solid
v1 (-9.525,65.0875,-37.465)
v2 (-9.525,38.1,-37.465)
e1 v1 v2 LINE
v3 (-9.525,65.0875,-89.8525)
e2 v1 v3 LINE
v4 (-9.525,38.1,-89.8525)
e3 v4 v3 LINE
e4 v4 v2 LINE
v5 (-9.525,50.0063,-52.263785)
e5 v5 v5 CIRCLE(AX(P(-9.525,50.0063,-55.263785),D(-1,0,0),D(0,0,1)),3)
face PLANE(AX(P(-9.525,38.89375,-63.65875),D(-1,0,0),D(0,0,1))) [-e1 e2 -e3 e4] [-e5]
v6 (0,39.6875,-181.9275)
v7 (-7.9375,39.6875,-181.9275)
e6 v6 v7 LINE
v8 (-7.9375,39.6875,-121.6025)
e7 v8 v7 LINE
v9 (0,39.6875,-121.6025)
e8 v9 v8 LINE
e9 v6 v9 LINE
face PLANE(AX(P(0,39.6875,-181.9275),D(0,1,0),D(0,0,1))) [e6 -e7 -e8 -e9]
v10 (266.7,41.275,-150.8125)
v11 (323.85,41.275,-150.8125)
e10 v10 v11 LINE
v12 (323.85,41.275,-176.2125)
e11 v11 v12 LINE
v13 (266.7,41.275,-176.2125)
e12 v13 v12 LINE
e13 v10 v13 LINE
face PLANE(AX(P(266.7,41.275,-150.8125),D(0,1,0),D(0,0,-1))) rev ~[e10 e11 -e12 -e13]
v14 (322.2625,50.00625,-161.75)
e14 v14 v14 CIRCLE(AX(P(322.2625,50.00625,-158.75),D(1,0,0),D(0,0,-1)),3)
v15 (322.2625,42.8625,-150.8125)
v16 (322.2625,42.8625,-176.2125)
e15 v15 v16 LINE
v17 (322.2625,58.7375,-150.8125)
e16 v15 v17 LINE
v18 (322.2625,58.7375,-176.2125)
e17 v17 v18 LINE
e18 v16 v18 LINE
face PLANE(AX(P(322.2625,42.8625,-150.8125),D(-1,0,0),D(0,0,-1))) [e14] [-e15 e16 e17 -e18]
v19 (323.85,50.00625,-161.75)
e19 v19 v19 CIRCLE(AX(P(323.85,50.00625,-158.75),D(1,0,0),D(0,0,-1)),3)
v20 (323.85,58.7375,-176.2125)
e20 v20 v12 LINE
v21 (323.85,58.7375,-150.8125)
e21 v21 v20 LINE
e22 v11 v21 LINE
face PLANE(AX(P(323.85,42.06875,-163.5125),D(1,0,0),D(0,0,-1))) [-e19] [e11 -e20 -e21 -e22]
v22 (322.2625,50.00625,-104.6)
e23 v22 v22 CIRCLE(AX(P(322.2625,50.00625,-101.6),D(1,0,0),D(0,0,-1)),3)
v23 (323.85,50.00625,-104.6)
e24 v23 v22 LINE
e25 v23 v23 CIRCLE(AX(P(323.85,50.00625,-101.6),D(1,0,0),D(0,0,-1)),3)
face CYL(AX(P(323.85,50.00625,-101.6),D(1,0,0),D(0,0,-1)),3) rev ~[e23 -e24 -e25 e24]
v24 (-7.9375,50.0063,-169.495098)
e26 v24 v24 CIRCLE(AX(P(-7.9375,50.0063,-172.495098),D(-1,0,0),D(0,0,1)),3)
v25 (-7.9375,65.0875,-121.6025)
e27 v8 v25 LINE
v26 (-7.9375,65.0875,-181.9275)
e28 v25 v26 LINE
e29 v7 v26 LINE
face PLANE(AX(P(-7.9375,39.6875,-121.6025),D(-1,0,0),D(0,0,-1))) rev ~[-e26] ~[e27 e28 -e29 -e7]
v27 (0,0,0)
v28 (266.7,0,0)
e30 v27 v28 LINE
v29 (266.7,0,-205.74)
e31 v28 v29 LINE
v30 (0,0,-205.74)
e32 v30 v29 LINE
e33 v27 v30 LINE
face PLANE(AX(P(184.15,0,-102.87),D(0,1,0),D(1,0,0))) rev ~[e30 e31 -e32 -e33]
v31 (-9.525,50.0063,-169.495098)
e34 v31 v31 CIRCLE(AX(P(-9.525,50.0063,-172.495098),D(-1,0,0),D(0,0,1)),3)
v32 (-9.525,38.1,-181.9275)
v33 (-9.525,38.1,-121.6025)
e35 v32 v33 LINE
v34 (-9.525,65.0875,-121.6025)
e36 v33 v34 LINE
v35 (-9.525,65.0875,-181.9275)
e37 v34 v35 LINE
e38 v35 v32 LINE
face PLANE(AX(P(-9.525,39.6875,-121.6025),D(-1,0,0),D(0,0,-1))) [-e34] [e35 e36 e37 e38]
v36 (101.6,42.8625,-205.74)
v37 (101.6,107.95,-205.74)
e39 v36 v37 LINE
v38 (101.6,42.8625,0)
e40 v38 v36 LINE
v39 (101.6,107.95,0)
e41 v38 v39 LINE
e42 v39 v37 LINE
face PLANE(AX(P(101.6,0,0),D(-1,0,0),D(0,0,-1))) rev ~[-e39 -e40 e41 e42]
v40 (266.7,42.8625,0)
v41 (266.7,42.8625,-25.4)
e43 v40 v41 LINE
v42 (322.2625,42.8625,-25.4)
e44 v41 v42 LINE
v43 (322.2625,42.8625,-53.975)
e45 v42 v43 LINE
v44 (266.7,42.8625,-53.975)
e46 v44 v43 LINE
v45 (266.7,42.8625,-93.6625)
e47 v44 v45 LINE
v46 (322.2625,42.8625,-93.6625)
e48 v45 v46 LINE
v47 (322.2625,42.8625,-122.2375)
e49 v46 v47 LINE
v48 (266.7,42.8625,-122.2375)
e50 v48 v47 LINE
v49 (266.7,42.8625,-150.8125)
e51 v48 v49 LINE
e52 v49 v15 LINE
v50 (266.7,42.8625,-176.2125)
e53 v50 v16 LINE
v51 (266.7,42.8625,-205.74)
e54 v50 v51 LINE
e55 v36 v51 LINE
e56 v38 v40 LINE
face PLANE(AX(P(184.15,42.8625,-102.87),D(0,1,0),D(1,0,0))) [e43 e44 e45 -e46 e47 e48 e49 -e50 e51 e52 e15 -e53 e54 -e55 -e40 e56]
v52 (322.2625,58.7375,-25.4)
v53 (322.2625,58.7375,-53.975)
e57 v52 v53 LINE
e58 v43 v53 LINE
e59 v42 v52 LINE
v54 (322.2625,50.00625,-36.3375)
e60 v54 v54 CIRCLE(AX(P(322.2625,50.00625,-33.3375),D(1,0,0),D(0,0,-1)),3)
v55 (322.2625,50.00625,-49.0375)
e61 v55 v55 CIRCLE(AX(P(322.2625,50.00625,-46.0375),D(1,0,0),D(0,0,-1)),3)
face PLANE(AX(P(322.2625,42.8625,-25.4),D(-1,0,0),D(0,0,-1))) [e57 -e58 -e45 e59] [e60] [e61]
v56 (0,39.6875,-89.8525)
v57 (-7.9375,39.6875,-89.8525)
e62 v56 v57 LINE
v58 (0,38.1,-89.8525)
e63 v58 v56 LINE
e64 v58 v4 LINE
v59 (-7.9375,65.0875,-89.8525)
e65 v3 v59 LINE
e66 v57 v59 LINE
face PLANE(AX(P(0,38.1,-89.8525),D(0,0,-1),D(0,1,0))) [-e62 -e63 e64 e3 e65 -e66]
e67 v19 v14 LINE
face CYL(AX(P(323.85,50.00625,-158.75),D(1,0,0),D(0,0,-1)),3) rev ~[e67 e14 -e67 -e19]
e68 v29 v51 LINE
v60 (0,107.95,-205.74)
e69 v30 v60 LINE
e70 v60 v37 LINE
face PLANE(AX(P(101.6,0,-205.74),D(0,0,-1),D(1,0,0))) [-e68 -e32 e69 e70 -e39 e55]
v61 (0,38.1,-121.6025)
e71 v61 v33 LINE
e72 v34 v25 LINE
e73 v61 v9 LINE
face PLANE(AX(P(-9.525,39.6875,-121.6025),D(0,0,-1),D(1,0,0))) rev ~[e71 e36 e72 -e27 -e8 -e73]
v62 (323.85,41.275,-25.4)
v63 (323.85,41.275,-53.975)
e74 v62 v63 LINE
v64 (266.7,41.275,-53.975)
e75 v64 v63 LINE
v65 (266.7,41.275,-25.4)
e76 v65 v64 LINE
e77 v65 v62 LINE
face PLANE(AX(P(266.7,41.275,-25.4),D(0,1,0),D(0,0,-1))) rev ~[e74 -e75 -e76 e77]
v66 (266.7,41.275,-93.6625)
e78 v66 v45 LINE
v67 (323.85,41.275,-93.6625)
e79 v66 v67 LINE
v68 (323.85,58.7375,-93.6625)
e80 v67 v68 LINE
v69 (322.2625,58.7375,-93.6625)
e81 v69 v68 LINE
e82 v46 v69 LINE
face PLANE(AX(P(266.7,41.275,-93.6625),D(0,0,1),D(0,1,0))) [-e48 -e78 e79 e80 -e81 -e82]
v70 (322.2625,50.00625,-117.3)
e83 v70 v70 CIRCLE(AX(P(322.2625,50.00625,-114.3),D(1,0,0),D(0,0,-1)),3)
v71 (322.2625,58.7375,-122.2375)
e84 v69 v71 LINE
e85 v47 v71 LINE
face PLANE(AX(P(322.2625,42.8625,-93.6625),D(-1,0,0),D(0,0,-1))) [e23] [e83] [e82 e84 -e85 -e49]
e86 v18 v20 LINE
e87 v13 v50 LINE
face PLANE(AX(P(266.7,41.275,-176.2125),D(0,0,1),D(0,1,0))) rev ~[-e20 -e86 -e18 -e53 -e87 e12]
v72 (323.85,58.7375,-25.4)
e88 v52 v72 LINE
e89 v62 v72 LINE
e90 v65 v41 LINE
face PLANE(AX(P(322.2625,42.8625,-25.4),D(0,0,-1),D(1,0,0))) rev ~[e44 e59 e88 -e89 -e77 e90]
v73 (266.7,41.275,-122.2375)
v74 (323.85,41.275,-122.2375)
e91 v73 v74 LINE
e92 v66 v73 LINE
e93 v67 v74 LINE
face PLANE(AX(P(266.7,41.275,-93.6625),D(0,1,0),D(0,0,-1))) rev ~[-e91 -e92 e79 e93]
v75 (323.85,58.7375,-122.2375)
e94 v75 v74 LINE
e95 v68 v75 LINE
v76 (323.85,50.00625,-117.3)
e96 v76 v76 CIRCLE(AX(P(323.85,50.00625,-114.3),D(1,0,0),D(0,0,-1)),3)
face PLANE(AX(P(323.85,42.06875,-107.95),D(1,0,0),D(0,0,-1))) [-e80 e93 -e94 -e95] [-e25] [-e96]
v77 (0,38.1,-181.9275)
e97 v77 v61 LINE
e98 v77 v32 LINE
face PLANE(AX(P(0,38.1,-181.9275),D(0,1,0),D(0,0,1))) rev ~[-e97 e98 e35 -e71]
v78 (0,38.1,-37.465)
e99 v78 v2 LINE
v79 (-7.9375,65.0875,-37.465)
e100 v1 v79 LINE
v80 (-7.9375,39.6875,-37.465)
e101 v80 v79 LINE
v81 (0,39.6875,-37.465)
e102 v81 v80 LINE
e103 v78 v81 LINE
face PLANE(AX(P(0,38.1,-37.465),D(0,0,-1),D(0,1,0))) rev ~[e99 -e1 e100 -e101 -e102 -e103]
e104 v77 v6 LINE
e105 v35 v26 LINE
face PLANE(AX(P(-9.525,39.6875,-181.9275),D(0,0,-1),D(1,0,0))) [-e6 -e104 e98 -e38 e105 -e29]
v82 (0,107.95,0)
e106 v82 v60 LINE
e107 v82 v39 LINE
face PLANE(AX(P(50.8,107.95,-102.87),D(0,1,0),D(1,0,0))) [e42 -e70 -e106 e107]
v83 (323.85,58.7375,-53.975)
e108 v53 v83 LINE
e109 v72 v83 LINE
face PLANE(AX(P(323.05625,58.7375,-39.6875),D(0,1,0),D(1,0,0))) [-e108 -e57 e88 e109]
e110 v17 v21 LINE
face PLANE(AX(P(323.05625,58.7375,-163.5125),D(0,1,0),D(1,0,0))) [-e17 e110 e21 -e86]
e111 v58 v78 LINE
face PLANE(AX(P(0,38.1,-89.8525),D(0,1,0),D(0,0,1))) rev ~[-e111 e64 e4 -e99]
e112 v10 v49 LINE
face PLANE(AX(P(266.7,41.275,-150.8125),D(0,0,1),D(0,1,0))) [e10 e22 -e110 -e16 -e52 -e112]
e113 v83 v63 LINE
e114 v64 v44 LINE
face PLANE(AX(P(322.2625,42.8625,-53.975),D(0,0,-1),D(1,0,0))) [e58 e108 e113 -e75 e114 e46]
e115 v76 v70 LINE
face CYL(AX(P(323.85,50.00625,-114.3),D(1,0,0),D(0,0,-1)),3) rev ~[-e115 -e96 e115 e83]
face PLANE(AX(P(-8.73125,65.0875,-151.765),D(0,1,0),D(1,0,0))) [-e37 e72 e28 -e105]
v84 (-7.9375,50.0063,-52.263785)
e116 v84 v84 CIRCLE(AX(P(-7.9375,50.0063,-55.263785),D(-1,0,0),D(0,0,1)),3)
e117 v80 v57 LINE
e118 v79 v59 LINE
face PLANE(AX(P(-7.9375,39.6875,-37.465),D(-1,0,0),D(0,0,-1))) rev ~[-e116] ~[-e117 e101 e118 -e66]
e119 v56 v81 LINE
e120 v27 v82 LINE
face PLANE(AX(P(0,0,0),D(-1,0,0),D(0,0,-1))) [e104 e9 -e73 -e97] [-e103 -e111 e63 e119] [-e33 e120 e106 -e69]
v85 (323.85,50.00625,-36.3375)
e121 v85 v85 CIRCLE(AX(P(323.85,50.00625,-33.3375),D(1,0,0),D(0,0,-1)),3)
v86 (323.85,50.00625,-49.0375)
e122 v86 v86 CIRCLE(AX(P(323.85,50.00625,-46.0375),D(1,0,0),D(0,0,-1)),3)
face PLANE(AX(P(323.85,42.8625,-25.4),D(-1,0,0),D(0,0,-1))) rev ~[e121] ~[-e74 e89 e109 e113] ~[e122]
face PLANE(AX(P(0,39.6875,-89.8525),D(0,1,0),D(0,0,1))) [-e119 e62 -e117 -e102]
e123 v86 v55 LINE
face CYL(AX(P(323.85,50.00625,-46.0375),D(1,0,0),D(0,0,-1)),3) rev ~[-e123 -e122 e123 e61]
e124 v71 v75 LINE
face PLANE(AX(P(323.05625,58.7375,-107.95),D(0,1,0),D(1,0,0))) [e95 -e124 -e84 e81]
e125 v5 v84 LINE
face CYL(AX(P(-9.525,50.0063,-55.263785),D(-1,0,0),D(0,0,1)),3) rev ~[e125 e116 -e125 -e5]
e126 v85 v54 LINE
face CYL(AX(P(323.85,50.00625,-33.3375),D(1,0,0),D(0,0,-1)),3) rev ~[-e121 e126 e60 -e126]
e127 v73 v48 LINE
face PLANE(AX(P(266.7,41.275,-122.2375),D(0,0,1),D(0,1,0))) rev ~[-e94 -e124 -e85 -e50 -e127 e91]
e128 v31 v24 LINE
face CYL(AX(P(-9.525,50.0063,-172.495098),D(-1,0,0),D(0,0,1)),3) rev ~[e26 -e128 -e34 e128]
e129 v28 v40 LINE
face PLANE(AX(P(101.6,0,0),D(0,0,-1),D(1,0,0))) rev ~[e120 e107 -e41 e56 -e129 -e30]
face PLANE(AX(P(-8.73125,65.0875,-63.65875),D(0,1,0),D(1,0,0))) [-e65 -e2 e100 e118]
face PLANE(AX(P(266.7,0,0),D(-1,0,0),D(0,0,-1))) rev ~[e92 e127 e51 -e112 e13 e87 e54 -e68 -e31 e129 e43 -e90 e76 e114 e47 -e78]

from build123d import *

# Parameters (mm, degrees)
SKETCH1_W               = 101.6
SKETCH1_H               = 205.74
BATTERY_SIDE_DEPTH      = 107.95
SKETCH6_W               = 60.325
SKETCH6_H               = 1.5875
SKETCH6_W_2             = 52.3875
BATTERY_TAB_BASES_DEPTH = 9.525
SKETCH7_W               = 1.5875
SKETCH7_H               = 60.325
SKETCH7_H_2             = 52.3875
BATTERY_TABS_DEPTH      = 25.4
BATTERY_TAB_HOLES_REACH = 113.125
SKETCH8_R               = 3
SKETCH2_W               = 165.1
SKETCH2_H               = 205.74
MOTOR_SIDE_DEPTH        = 42.8625
SKETCH3_W               = 28.575
SKETCH3_H               = 1.5875
SKETCH3_W_2             = 25.4
MOTOR_TAB_BASES_DEPTH   = 57.15
SKETCH4_W               = 1.5875
SKETCH4_H               = 28.575
SKETCH4_H_2             = 25.4
MOTOR_TABS_DEPTH        = 15.875
MOTOR_TAB_HOLES_REACH   = 335.375
SKETCH5_R               = 3


with BuildPart() as part:
    # Sketch1 → Battery Side (new body)
    with BuildSketch(Plane(origin=(0, 0, 0), x_dir=(1, 0, 0), z_dir=(0, 1, 0))):
        with Locations((50.8, 102.87)):
            Rectangle(SKETCH1_W, SKETCH1_H)
    extrude(amount=BATTERY_SIDE_DEPTH)

    # Sketch6 → Battery Tab Bases (add)
    with BuildSketch(Plane.ZY):
        with Locations((-151.765, 38.89375)):
            Rectangle(SKETCH6_W, SKETCH6_H)
        with Locations((-63.65875, 38.89375)):
            Rectangle(SKETCH6_W_2, SKETCH6_H)
    extrude(amount=BATTERY_TAB_BASES_DEPTH)

    # Sketch7 → Battery Tabs (add)
    with BuildSketch(Plane(origin=(0, 39.6875, 0), x_dir=(1, 0, 0), z_dir=(0, 1, 0))):
        with Locations((-8.73125, 151.765)):
            Rectangle(SKETCH7_W, SKETCH7_H)
        with Locations((-8.73125, 63.65875)):
            Rectangle(SKETCH7_W, SKETCH7_H_2)
    extrude(amount=BATTERY_TABS_DEPTH)

    # Sketch8 → Battery Tab Holes (cut, up to next)
    with BuildSketch(Plane.ZY.offset(9.525), mode=Mode.PRIVATE) as battery_tab_holes_sk1:
        with Locations((-172.495098328, 50.0063)):
            Circle(SKETCH8_R)
    battery_tab_holes_tool1 = extrude(battery_tab_holes_sk1.sketch, amount=-BATTERY_TAB_HOLES_REACH, mode=Mode.PRIVATE) & part.part
    add(battery_tab_holes_tool1.solids().sort_by_distance((-9.525, 50.0063, -172.495098))[0], mode=Mode.SUBTRACT)
    # Sketch8 → Battery Tab Holes (cut, up to next)
    with BuildSketch(Plane.ZY.offset(9.525), mode=Mode.PRIVATE) as battery_tab_holes_sk2:
        with Locations((-55.26378475, 50.0063)):
            Circle(SKETCH8_R)
    battery_tab_holes_tool2 = extrude(battery_tab_holes_sk2.sketch, amount=-BATTERY_TAB_HOLES_REACH, mode=Mode.PRIVATE) & part.part
    add(battery_tab_holes_tool2.solids().sort_by_distance((-9.525, 50.0063, -55.263785))[0], mode=Mode.SUBTRACT)

    # Sketch2 → Motor Side (add)
    with BuildSketch(Plane(origin=(0, 0, 0), x_dir=(1, 0, 0), z_dir=(0, 1, 0))):
        with Locations((184.15, 102.87)):
            Rectangle(SKETCH2_W, SKETCH2_H)
    extrude(amount=MOTOR_SIDE_DEPTH)

    # Sketch3 → Motor Tab Bases (add)
    with BuildSketch(Plane(origin=(266.7, 0, 0), x_dir=(0, 0, -1), z_dir=(1, 0, 0))):
        with Locations((39.6875, 42.06875)):
            Rectangle(SKETCH3_W, SKETCH3_H)
        with Locations((107.95, 42.06875)):
            Rectangle(SKETCH3_W, SKETCH3_H)
        with Locations((163.5125, 42.06875)):
            Rectangle(SKETCH3_W_2, SKETCH3_H)
    extrude(amount=MOTOR_TAB_BASES_DEPTH)

    # Sketch4 → Motor Tabs (add)
    with BuildSketch(Plane(origin=(0, 42.8625, 0), x_dir=(1, 0, 0), z_dir=(0, 1, 0))):
        with Locations((323.05625, 39.6875)):
            Rectangle(SKETCH4_W, SKETCH4_H)
        with Locations((323.05625, 107.95)):
            Rectangle(SKETCH4_W, SKETCH4_H)
        with Locations((323.05625, 163.5125)):
            Rectangle(SKETCH4_W, SKETCH4_H_2)
    extrude(amount=MOTOR_TABS_DEPTH)

    # Sketch5 → Motor Tab Holes (cut, up to next)
    with BuildSketch(Plane(origin=(323.85, 0, 0), x_dir=(0, 0, -1), z_dir=(1, 0, 0)), mode=Mode.PRIVATE) as motor_tab_holes_sk1:
        with Locations((33.3375, 50.00625)):
            Circle(SKETCH5_R)
    motor_tab_holes_tool1 = extrude(motor_tab_holes_sk1.sketch, amount=-MOTOR_TAB_HOLES_REACH, mode=Mode.PRIVATE) & part.part
    add(motor_tab_holes_tool1.solids().sort_by_distance((323.85, 50.00625, -33.3375))[0], mode=Mode.SUBTRACT)
    # Sketch5 → Motor Tab Holes (cut, up to next)
    with BuildSketch(Plane(origin=(323.85, 0, 0), x_dir=(0, 0, -1), z_dir=(1, 0, 0)), mode=Mode.PRIVATE) as motor_tab_holes_sk2:
        with Locations((46.0375, 50.00625)):
            Circle(SKETCH5_R)
    motor_tab_holes_tool2 = extrude(motor_tab_holes_sk2.sketch, amount=-MOTOR_TAB_HOLES_REACH, mode=Mode.PRIVATE) & part.part
    add(motor_tab_holes_tool2.solids().sort_by_distance((323.85, 50.00625, -46.0375))[0], mode=Mode.SUBTRACT)
    # Sketch5 → Motor Tab Holes (cut, up to next)
    with BuildSketch(Plane(origin=(323.85, 0, 0), x_dir=(0, 0, -1), z_dir=(1, 0, 0)), mode=Mode.PRIVATE) as motor_tab_holes_sk3:
        with Locations((101.6, 50.00625)):
            Circle(SKETCH5_R)
    motor_tab_holes_tool3 = extrude(motor_tab_holes_sk3.sketch, amount=-MOTOR_TAB_HOLES_REACH, mode=Mode.PRIVATE) & part.part
    add(motor_tab_holes_tool3.solids().sort_by_distance((323.85, 50.00625, -101.6))[0], mode=Mode.SUBTRACT)
    # Sketch5 → Motor Tab Holes (cut, up to next)
    with BuildSketch(Plane(origin=(323.85, 0, 0), x_dir=(0, 0, -1), z_dir=(1, 0, 0)), mode=Mode.PRIVATE) as motor_tab_holes_sk4:
        with Locations((114.3, 50.00625)):
            Circle(SKETCH5_R)
    motor_tab_holes_tool4 = extrude(motor_tab_holes_sk4.sketch, amount=-MOTOR_TAB_HOLES_REACH, mode=Mode.PRIVATE) & part.part
    add(motor_tab_holes_tool4.solids().sort_by_distance((323.85, 50.00625, -114.3))[0], mode=Mode.SUBTRACT)
    # Sketch5 → Motor Tab Holes (cut, up to next)
    with BuildSketch(Plane(origin=(323.85, 0, 0), x_dir=(0, 0, -1), z_dir=(1, 0, 0)), mode=Mode.PRIVATE) as motor_tab_holes_sk5:
        with Locations((158.75, 50.00625)):
            Circle(SKETCH5_R)
    motor_tab_holes_tool5 = extrude(motor_tab_holes_sk5.sketch, amount=-MOTOR_TAB_HOLES_REACH, mode=Mode.PRIVATE) & part.part
    add(motor_tab_holes_tool5.solids().sort_by_distance((323.85, 50.00625, -158.75))[0], mode=Mode.SUBTRACT)


solid = part.part
